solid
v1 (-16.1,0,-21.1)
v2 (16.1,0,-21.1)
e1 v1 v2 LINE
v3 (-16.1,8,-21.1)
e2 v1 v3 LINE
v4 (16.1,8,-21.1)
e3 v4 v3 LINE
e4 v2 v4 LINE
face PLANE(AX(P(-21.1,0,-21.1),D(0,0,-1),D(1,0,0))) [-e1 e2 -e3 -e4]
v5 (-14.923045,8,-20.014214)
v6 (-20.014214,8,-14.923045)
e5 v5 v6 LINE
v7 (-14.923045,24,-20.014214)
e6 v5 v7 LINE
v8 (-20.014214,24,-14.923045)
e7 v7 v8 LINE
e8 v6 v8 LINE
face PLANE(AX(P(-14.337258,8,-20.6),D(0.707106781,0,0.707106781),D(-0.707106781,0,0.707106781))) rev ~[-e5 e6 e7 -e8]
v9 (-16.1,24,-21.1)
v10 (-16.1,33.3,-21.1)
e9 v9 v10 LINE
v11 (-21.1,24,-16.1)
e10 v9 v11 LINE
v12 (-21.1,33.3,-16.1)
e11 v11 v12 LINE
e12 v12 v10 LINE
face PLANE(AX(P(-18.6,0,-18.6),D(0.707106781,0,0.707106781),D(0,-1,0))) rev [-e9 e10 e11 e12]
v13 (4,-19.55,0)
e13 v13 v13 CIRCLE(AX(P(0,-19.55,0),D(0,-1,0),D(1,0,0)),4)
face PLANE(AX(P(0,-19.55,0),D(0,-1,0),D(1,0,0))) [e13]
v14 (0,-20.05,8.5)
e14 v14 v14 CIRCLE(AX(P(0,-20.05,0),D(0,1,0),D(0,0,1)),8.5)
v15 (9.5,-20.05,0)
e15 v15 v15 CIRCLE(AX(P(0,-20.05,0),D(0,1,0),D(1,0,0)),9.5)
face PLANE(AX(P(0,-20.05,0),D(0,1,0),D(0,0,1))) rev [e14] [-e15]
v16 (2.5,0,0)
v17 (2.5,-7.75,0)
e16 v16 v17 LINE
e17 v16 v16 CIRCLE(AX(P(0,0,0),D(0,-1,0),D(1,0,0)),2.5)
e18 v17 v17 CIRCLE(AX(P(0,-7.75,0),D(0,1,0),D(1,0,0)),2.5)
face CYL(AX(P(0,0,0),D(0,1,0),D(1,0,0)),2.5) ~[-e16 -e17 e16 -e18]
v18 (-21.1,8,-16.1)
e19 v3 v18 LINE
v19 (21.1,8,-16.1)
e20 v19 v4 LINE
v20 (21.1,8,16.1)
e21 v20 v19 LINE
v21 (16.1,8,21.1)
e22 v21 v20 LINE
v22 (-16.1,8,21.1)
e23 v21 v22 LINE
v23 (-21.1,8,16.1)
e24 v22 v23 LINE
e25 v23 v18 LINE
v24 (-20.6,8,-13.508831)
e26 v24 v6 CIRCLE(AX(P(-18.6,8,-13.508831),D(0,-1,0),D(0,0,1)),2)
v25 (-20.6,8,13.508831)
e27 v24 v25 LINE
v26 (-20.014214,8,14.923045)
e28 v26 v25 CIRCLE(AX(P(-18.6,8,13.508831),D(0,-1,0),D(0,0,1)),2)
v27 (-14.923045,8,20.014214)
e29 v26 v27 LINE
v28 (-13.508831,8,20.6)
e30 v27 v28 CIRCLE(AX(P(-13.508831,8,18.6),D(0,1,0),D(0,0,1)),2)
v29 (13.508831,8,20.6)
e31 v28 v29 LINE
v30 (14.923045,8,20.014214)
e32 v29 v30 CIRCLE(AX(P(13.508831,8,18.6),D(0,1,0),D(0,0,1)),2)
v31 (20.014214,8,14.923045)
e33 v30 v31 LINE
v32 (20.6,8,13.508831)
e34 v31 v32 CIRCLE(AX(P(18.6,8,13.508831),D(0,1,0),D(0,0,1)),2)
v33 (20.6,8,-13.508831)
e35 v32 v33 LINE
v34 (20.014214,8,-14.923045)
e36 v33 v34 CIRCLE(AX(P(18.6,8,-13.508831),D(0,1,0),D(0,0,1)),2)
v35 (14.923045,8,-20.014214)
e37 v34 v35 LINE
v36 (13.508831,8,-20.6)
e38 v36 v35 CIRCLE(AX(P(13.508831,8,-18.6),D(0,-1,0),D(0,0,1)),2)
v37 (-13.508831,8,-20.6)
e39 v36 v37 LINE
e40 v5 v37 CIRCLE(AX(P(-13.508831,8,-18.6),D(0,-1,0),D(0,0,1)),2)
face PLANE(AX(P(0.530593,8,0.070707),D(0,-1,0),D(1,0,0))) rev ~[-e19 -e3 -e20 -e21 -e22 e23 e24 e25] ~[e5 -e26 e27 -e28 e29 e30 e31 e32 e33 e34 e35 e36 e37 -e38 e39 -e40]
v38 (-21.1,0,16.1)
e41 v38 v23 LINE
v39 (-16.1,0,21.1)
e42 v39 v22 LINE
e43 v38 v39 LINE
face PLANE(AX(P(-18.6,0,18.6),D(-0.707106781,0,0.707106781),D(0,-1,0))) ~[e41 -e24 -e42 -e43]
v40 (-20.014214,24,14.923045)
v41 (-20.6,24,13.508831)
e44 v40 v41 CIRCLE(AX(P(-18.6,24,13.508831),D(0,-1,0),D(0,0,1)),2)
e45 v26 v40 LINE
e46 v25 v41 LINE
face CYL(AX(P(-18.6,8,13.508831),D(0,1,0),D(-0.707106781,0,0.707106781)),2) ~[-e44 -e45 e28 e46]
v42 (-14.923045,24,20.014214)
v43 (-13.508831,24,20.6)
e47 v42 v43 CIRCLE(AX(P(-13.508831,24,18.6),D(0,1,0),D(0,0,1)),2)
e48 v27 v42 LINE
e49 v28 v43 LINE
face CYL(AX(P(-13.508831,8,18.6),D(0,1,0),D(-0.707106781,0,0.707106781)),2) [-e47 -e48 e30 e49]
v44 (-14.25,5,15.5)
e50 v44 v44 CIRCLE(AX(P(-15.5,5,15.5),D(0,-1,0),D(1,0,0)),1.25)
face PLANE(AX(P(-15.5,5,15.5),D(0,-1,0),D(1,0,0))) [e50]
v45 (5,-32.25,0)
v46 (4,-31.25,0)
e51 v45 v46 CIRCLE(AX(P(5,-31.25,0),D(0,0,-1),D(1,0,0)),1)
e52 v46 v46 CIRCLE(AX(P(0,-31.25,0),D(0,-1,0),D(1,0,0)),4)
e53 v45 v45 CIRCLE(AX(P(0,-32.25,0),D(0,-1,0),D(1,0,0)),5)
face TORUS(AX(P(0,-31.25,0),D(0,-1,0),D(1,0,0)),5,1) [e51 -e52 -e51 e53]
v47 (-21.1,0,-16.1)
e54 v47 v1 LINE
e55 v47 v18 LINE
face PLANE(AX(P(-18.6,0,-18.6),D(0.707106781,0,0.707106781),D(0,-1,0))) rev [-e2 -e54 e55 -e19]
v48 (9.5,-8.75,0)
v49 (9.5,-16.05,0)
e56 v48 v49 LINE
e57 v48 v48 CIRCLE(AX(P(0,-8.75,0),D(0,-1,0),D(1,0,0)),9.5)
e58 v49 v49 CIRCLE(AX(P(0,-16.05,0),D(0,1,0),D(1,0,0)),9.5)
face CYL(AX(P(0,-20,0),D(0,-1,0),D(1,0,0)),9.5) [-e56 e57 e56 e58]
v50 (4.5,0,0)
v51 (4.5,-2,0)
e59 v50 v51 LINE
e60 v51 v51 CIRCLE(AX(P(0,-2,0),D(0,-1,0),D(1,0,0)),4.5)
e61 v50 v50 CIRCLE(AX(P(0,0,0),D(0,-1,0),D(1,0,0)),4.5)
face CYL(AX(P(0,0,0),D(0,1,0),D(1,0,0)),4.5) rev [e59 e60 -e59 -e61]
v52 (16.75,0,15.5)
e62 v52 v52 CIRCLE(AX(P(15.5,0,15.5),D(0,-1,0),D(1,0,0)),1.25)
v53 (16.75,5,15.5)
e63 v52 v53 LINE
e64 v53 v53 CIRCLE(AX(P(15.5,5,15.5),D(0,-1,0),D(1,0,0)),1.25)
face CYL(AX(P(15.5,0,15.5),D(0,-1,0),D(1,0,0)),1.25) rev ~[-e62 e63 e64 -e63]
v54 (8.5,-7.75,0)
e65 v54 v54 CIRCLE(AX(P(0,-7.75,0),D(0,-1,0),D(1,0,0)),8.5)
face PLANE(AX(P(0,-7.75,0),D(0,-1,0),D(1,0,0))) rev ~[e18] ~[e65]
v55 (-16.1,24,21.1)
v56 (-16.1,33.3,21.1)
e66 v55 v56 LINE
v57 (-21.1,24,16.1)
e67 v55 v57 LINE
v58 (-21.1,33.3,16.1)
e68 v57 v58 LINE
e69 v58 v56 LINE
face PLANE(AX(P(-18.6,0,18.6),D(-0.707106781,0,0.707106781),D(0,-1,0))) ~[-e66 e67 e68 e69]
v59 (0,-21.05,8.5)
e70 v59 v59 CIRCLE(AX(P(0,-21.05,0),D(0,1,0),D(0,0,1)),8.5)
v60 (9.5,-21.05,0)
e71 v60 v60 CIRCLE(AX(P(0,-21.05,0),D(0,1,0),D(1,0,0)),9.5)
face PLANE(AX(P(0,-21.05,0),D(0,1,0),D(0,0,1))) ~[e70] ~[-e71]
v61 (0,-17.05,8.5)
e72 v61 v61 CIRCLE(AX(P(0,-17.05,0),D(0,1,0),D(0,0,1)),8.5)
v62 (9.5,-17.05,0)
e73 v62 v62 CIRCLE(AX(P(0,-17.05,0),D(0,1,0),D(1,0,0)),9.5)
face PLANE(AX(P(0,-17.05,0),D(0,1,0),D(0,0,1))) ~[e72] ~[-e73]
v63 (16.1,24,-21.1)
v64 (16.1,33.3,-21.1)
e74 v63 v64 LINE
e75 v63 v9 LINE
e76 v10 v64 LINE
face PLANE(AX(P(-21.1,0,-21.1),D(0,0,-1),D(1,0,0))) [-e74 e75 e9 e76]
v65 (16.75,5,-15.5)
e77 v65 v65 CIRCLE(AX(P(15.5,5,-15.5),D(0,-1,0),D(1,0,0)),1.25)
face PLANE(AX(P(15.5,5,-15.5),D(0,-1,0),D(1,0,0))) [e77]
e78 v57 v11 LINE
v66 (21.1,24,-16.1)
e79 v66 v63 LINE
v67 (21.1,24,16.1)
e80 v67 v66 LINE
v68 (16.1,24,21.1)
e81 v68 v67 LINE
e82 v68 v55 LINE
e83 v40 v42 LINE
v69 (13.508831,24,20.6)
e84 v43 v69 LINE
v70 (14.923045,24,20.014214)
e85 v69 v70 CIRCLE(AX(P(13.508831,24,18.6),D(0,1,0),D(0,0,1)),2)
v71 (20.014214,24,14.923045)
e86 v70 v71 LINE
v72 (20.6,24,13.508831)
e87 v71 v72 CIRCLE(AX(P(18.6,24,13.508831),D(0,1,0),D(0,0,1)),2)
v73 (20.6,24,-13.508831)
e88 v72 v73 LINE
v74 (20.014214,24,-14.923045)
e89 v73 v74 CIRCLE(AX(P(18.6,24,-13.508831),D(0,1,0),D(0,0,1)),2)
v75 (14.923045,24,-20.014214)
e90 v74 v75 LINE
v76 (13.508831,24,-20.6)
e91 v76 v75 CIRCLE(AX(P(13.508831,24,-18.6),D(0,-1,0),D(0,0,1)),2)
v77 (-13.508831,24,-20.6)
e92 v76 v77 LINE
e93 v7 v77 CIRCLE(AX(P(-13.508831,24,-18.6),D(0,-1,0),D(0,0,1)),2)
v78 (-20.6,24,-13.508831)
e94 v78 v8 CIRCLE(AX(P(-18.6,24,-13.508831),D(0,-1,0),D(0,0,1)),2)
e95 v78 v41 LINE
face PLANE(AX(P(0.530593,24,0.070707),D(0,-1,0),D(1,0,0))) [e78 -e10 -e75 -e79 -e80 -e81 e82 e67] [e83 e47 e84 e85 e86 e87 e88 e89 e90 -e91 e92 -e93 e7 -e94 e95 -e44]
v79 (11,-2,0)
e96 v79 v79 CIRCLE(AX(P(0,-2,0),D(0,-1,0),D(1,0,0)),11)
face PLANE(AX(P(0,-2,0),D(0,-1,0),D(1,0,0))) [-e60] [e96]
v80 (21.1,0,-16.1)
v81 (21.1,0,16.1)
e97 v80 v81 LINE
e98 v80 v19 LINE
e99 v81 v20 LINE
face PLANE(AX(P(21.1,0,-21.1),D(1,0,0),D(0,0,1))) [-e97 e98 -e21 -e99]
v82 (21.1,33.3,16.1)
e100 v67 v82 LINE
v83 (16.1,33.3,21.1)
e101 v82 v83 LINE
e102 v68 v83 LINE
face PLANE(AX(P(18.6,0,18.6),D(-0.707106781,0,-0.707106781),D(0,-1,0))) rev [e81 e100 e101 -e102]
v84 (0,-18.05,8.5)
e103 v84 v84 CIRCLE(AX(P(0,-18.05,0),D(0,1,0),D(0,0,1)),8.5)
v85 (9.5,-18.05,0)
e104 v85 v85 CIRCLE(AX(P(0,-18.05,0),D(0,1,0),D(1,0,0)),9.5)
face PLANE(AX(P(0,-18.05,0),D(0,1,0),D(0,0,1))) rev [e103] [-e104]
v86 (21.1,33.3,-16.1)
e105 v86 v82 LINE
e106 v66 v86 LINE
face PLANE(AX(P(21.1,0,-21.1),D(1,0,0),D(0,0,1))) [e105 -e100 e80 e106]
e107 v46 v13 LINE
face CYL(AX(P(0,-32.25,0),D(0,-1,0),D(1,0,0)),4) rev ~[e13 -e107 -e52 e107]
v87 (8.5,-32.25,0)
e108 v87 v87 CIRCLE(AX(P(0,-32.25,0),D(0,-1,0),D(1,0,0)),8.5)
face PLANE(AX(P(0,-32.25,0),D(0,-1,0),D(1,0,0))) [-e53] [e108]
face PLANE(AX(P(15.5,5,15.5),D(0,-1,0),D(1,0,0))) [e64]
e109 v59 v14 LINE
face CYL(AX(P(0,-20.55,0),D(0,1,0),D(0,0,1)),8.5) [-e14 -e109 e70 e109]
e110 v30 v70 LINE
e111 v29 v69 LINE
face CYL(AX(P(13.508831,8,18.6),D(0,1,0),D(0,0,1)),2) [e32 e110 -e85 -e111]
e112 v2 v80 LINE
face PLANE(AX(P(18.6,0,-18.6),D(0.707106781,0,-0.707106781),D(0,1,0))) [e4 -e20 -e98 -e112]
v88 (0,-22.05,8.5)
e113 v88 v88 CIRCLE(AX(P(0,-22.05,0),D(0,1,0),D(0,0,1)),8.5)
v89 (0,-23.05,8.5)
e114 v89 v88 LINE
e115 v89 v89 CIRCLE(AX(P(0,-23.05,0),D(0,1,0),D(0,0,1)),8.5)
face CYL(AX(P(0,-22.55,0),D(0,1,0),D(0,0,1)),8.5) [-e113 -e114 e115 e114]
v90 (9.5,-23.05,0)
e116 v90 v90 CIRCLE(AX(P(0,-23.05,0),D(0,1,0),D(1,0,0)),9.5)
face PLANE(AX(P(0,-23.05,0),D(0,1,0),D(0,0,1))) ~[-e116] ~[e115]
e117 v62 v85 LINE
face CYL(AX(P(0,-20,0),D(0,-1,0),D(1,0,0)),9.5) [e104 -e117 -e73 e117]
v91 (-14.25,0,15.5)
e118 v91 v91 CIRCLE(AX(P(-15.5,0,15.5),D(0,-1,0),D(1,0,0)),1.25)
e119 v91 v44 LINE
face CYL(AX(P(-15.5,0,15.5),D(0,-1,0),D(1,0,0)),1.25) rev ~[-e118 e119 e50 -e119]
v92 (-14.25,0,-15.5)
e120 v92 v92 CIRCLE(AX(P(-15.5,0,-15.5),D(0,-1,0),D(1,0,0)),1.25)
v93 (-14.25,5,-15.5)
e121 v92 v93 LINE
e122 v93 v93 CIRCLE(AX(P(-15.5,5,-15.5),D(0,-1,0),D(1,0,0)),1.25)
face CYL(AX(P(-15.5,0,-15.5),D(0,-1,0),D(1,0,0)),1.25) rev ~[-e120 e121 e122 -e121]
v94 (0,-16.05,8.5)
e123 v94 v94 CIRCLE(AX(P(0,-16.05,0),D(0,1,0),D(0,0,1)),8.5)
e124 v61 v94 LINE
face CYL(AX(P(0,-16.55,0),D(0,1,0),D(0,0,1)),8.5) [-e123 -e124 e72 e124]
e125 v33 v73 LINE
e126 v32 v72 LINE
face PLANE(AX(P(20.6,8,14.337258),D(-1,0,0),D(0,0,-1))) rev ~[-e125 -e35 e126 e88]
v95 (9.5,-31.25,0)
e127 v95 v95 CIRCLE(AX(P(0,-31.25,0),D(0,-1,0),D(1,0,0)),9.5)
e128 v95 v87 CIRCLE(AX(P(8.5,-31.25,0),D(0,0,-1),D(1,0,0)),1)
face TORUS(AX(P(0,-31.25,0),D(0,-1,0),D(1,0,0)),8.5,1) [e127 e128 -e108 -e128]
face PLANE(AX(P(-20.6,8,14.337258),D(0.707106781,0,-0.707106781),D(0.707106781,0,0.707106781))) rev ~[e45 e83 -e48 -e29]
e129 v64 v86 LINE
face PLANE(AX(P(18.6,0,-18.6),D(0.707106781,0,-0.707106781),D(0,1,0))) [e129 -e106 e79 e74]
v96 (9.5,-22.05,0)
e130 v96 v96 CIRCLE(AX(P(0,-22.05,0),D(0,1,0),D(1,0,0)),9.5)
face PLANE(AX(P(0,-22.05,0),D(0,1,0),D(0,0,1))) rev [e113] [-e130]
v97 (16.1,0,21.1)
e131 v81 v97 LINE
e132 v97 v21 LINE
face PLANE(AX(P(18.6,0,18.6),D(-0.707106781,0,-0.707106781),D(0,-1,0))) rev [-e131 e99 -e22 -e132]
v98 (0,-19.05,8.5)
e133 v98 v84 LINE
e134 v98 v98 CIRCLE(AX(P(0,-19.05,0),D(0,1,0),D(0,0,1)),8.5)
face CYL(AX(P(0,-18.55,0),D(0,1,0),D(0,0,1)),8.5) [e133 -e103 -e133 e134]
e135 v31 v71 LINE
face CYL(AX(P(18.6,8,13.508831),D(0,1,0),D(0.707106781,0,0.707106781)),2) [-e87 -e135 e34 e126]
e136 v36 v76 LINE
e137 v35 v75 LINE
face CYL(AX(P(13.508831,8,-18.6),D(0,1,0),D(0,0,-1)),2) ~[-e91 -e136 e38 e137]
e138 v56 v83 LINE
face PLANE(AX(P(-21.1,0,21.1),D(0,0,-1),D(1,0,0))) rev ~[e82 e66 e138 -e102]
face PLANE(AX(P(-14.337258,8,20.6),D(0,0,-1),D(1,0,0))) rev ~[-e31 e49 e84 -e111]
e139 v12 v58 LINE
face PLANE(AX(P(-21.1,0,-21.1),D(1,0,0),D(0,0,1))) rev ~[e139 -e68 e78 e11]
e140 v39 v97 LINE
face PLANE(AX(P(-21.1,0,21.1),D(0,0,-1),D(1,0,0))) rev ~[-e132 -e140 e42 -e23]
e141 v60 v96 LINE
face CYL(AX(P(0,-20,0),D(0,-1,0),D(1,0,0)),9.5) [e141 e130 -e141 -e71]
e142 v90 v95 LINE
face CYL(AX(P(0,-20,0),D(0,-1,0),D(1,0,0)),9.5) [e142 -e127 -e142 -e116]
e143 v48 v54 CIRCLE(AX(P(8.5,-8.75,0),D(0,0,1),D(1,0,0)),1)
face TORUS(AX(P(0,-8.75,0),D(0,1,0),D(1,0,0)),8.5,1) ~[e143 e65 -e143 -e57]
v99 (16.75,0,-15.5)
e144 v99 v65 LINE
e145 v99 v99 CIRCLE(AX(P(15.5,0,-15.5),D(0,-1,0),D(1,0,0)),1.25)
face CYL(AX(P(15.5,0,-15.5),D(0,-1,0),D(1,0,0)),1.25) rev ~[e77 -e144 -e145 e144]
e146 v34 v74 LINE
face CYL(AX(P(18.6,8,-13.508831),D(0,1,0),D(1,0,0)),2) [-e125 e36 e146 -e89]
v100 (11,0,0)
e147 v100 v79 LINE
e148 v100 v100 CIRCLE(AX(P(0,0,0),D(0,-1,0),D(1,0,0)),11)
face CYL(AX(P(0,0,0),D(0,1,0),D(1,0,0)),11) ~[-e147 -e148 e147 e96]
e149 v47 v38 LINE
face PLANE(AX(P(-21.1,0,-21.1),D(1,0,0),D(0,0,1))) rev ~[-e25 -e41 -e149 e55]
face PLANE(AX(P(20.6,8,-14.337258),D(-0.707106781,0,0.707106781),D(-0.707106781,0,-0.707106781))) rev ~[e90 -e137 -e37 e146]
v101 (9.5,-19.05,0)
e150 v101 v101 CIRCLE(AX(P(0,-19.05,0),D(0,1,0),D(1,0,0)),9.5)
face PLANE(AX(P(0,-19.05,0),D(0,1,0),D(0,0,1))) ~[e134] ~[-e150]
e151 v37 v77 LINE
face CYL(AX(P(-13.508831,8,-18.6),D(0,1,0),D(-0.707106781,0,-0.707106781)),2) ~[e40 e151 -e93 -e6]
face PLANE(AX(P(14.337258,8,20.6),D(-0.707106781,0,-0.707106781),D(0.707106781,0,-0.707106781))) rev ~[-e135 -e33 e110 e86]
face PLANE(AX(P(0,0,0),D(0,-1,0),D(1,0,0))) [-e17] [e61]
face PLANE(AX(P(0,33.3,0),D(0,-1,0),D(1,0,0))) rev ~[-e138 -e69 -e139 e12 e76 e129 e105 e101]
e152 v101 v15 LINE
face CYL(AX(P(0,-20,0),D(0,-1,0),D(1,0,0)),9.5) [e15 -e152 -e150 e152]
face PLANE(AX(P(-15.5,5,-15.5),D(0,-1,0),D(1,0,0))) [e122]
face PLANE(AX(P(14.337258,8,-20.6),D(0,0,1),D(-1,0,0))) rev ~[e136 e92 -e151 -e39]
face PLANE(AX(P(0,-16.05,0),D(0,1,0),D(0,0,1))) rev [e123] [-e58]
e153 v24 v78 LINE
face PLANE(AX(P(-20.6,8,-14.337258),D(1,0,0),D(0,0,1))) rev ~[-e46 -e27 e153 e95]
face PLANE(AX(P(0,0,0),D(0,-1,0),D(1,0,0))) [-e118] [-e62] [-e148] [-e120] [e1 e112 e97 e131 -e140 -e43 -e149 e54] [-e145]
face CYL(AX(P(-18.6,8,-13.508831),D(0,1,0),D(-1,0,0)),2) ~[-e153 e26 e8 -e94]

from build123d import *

# Parameters (mm, degrees)
F0_W      = 42.2
F0_H      = 42.2
F0_R      = 2.5
F1_DEPTH  = 33.3
F2_SIZE   = 5
F3_DEPTH  = 20
F4_R      = 11
F4_R_2    = 4.5
F5_DEPTH  = 2
F6_R      = 1.25
F7_DEPTH  = 5
F9_W      = 50.7564134896
F9_H      = 50.1955691725
F10_DEPTH = 16
F11_R     = 2
F12_R     = 9.5
F13_DEPTH = 12.25
F14_R     = 4
F15_DEPTH = 12.7
F16_R     = 1
F17_W     = 1
F17_H     = 1


with BuildPart() as f1:
    # F0 (on Front) → F1 (new body)
    with BuildSketch(Plane.XZ):
        Rectangle(F0_W, F0_H)
        Circle(F0_R, mode=Mode.SUBTRACT)
        Circle(F0_R)
    extrude(amount=-F1_DEPTH)

    # F2
    f2_edges = [f1.edges().sort_by_distance(p)[0] for p in [
        (21.1, 16.65, 21.1),
        (-21.1, 16.65, 21.1),
        (21.1, 16.65, -21.1),
        (-21.1, 16.65, -21.1),
    ]]
    chamfer(f2_edges, length=F2_SIZE)

    # F0 (on Front) → F3 (join)
    with BuildSketch(Plane.XZ):
        Circle(F0_R)
    extrude(amount=F3_DEPTH)

    # F4 (on face) → F5 (join)
    with BuildSketch(Plane.XZ):
        Circle(F4_R)
        Circle(F4_R_2, mode=Mode.SUBTRACT)
    extrude(amount=F5_DEPTH)

    # F6 (on face) → F7 (cut)
    with BuildSketch(Plane.XZ):
        with Locations((-15.5, 15.5)):
            Circle(F6_R)
        with Locations((-15.5, -15.5)):
            Circle(F6_R)
        with Locations((15.5, -15.5)):
            Circle(F6_R)
        with Locations((15.5, 15.5)):
            Circle(F6_R)
    extrude(amount=-F7_DEPTH, mode=Mode.SUBTRACT)

    # F9 (on offset) → F10 (cut)
    with BuildSketch(Plane.XZ.offset(-8)):
        with Locations((0.5305930972, 0.0707069412)):
            Rectangle(F9_W, F9_H)
        Polygon((-14.3372583002, 20.6), (0, 20.6), (14.3372583002, 20.6), (20.6, 14.3372583002), (20.6, 0), (20.6, -14.3372583002), (14.3372583002, -20.6), (0, -20.6), (-14.3372583002, -20.6), (-20.6, -14.3372583002), (-20.6, 0), (-20.6, 14.3372583002), align=None, mode=Mode.SUBTRACT)
    extrude(amount=-F10_DEPTH, mode=Mode.SUBTRACT)

    # F11
    f11_edges = [f1.edges().sort_by_distance(p)[0] for p in [
        (20.6, 16, 14.337258),
        (14.337258, 16, 20.6),
        (-14.337258, 16, 20.6),
        (-20.6, 16, 14.337258),
        (-20.6, 16, -14.337258),
        (-14.337258, 16, -20.6),
        (20.6, 16, -14.337258),
        (14.337258, 16, -20.6),
    ]]
    fillet(f11_edges, radius=F11_R)

    # F12 (on face) → F13 (join, symmetric)
    with BuildSketch(Plane.XZ.offset(20)):
        Circle(F12_R)
    extrude(amount=F13_DEPTH, both=True)

    # F14 (on face) → F15 (cut)
    with BuildSketch(Plane.XZ.offset(32.25)):
        Circle(F14_R)
    extrude(amount=-F15_DEPTH, mode=Mode.SUBTRACT)

    # F16
    f16_edges = [f1.edges().sort_by_distance(p)[0] for p in [
        (-9.5, -32.25, 0),
        (-9.5, -7.75, 0),
        (-4, -32.25, 0),
    ]]
    fillet(f16_edges, radius=F16_R)

    # F17 (on Right) → F18 (revolve, cut)
    with BuildSketch(Plane.YZ):
        with Locations((-16.55, 9)):
            Rectangle(F17_W, F17_H)
        with Locations((-18.55, 9)):
            Rectangle(F17_W, F17_H)
        with Locations((-20.55, 9)):
            Rectangle(F17_W, F17_H)
        with Locations((-22.55, 9)):
            Rectangle(F17_W, F17_H)
    revolve(axis=Axis((0, -8.7481234223, 0), (0, 1, 0)), mode=Mode.SUBTRACT)


solid = f1.part
